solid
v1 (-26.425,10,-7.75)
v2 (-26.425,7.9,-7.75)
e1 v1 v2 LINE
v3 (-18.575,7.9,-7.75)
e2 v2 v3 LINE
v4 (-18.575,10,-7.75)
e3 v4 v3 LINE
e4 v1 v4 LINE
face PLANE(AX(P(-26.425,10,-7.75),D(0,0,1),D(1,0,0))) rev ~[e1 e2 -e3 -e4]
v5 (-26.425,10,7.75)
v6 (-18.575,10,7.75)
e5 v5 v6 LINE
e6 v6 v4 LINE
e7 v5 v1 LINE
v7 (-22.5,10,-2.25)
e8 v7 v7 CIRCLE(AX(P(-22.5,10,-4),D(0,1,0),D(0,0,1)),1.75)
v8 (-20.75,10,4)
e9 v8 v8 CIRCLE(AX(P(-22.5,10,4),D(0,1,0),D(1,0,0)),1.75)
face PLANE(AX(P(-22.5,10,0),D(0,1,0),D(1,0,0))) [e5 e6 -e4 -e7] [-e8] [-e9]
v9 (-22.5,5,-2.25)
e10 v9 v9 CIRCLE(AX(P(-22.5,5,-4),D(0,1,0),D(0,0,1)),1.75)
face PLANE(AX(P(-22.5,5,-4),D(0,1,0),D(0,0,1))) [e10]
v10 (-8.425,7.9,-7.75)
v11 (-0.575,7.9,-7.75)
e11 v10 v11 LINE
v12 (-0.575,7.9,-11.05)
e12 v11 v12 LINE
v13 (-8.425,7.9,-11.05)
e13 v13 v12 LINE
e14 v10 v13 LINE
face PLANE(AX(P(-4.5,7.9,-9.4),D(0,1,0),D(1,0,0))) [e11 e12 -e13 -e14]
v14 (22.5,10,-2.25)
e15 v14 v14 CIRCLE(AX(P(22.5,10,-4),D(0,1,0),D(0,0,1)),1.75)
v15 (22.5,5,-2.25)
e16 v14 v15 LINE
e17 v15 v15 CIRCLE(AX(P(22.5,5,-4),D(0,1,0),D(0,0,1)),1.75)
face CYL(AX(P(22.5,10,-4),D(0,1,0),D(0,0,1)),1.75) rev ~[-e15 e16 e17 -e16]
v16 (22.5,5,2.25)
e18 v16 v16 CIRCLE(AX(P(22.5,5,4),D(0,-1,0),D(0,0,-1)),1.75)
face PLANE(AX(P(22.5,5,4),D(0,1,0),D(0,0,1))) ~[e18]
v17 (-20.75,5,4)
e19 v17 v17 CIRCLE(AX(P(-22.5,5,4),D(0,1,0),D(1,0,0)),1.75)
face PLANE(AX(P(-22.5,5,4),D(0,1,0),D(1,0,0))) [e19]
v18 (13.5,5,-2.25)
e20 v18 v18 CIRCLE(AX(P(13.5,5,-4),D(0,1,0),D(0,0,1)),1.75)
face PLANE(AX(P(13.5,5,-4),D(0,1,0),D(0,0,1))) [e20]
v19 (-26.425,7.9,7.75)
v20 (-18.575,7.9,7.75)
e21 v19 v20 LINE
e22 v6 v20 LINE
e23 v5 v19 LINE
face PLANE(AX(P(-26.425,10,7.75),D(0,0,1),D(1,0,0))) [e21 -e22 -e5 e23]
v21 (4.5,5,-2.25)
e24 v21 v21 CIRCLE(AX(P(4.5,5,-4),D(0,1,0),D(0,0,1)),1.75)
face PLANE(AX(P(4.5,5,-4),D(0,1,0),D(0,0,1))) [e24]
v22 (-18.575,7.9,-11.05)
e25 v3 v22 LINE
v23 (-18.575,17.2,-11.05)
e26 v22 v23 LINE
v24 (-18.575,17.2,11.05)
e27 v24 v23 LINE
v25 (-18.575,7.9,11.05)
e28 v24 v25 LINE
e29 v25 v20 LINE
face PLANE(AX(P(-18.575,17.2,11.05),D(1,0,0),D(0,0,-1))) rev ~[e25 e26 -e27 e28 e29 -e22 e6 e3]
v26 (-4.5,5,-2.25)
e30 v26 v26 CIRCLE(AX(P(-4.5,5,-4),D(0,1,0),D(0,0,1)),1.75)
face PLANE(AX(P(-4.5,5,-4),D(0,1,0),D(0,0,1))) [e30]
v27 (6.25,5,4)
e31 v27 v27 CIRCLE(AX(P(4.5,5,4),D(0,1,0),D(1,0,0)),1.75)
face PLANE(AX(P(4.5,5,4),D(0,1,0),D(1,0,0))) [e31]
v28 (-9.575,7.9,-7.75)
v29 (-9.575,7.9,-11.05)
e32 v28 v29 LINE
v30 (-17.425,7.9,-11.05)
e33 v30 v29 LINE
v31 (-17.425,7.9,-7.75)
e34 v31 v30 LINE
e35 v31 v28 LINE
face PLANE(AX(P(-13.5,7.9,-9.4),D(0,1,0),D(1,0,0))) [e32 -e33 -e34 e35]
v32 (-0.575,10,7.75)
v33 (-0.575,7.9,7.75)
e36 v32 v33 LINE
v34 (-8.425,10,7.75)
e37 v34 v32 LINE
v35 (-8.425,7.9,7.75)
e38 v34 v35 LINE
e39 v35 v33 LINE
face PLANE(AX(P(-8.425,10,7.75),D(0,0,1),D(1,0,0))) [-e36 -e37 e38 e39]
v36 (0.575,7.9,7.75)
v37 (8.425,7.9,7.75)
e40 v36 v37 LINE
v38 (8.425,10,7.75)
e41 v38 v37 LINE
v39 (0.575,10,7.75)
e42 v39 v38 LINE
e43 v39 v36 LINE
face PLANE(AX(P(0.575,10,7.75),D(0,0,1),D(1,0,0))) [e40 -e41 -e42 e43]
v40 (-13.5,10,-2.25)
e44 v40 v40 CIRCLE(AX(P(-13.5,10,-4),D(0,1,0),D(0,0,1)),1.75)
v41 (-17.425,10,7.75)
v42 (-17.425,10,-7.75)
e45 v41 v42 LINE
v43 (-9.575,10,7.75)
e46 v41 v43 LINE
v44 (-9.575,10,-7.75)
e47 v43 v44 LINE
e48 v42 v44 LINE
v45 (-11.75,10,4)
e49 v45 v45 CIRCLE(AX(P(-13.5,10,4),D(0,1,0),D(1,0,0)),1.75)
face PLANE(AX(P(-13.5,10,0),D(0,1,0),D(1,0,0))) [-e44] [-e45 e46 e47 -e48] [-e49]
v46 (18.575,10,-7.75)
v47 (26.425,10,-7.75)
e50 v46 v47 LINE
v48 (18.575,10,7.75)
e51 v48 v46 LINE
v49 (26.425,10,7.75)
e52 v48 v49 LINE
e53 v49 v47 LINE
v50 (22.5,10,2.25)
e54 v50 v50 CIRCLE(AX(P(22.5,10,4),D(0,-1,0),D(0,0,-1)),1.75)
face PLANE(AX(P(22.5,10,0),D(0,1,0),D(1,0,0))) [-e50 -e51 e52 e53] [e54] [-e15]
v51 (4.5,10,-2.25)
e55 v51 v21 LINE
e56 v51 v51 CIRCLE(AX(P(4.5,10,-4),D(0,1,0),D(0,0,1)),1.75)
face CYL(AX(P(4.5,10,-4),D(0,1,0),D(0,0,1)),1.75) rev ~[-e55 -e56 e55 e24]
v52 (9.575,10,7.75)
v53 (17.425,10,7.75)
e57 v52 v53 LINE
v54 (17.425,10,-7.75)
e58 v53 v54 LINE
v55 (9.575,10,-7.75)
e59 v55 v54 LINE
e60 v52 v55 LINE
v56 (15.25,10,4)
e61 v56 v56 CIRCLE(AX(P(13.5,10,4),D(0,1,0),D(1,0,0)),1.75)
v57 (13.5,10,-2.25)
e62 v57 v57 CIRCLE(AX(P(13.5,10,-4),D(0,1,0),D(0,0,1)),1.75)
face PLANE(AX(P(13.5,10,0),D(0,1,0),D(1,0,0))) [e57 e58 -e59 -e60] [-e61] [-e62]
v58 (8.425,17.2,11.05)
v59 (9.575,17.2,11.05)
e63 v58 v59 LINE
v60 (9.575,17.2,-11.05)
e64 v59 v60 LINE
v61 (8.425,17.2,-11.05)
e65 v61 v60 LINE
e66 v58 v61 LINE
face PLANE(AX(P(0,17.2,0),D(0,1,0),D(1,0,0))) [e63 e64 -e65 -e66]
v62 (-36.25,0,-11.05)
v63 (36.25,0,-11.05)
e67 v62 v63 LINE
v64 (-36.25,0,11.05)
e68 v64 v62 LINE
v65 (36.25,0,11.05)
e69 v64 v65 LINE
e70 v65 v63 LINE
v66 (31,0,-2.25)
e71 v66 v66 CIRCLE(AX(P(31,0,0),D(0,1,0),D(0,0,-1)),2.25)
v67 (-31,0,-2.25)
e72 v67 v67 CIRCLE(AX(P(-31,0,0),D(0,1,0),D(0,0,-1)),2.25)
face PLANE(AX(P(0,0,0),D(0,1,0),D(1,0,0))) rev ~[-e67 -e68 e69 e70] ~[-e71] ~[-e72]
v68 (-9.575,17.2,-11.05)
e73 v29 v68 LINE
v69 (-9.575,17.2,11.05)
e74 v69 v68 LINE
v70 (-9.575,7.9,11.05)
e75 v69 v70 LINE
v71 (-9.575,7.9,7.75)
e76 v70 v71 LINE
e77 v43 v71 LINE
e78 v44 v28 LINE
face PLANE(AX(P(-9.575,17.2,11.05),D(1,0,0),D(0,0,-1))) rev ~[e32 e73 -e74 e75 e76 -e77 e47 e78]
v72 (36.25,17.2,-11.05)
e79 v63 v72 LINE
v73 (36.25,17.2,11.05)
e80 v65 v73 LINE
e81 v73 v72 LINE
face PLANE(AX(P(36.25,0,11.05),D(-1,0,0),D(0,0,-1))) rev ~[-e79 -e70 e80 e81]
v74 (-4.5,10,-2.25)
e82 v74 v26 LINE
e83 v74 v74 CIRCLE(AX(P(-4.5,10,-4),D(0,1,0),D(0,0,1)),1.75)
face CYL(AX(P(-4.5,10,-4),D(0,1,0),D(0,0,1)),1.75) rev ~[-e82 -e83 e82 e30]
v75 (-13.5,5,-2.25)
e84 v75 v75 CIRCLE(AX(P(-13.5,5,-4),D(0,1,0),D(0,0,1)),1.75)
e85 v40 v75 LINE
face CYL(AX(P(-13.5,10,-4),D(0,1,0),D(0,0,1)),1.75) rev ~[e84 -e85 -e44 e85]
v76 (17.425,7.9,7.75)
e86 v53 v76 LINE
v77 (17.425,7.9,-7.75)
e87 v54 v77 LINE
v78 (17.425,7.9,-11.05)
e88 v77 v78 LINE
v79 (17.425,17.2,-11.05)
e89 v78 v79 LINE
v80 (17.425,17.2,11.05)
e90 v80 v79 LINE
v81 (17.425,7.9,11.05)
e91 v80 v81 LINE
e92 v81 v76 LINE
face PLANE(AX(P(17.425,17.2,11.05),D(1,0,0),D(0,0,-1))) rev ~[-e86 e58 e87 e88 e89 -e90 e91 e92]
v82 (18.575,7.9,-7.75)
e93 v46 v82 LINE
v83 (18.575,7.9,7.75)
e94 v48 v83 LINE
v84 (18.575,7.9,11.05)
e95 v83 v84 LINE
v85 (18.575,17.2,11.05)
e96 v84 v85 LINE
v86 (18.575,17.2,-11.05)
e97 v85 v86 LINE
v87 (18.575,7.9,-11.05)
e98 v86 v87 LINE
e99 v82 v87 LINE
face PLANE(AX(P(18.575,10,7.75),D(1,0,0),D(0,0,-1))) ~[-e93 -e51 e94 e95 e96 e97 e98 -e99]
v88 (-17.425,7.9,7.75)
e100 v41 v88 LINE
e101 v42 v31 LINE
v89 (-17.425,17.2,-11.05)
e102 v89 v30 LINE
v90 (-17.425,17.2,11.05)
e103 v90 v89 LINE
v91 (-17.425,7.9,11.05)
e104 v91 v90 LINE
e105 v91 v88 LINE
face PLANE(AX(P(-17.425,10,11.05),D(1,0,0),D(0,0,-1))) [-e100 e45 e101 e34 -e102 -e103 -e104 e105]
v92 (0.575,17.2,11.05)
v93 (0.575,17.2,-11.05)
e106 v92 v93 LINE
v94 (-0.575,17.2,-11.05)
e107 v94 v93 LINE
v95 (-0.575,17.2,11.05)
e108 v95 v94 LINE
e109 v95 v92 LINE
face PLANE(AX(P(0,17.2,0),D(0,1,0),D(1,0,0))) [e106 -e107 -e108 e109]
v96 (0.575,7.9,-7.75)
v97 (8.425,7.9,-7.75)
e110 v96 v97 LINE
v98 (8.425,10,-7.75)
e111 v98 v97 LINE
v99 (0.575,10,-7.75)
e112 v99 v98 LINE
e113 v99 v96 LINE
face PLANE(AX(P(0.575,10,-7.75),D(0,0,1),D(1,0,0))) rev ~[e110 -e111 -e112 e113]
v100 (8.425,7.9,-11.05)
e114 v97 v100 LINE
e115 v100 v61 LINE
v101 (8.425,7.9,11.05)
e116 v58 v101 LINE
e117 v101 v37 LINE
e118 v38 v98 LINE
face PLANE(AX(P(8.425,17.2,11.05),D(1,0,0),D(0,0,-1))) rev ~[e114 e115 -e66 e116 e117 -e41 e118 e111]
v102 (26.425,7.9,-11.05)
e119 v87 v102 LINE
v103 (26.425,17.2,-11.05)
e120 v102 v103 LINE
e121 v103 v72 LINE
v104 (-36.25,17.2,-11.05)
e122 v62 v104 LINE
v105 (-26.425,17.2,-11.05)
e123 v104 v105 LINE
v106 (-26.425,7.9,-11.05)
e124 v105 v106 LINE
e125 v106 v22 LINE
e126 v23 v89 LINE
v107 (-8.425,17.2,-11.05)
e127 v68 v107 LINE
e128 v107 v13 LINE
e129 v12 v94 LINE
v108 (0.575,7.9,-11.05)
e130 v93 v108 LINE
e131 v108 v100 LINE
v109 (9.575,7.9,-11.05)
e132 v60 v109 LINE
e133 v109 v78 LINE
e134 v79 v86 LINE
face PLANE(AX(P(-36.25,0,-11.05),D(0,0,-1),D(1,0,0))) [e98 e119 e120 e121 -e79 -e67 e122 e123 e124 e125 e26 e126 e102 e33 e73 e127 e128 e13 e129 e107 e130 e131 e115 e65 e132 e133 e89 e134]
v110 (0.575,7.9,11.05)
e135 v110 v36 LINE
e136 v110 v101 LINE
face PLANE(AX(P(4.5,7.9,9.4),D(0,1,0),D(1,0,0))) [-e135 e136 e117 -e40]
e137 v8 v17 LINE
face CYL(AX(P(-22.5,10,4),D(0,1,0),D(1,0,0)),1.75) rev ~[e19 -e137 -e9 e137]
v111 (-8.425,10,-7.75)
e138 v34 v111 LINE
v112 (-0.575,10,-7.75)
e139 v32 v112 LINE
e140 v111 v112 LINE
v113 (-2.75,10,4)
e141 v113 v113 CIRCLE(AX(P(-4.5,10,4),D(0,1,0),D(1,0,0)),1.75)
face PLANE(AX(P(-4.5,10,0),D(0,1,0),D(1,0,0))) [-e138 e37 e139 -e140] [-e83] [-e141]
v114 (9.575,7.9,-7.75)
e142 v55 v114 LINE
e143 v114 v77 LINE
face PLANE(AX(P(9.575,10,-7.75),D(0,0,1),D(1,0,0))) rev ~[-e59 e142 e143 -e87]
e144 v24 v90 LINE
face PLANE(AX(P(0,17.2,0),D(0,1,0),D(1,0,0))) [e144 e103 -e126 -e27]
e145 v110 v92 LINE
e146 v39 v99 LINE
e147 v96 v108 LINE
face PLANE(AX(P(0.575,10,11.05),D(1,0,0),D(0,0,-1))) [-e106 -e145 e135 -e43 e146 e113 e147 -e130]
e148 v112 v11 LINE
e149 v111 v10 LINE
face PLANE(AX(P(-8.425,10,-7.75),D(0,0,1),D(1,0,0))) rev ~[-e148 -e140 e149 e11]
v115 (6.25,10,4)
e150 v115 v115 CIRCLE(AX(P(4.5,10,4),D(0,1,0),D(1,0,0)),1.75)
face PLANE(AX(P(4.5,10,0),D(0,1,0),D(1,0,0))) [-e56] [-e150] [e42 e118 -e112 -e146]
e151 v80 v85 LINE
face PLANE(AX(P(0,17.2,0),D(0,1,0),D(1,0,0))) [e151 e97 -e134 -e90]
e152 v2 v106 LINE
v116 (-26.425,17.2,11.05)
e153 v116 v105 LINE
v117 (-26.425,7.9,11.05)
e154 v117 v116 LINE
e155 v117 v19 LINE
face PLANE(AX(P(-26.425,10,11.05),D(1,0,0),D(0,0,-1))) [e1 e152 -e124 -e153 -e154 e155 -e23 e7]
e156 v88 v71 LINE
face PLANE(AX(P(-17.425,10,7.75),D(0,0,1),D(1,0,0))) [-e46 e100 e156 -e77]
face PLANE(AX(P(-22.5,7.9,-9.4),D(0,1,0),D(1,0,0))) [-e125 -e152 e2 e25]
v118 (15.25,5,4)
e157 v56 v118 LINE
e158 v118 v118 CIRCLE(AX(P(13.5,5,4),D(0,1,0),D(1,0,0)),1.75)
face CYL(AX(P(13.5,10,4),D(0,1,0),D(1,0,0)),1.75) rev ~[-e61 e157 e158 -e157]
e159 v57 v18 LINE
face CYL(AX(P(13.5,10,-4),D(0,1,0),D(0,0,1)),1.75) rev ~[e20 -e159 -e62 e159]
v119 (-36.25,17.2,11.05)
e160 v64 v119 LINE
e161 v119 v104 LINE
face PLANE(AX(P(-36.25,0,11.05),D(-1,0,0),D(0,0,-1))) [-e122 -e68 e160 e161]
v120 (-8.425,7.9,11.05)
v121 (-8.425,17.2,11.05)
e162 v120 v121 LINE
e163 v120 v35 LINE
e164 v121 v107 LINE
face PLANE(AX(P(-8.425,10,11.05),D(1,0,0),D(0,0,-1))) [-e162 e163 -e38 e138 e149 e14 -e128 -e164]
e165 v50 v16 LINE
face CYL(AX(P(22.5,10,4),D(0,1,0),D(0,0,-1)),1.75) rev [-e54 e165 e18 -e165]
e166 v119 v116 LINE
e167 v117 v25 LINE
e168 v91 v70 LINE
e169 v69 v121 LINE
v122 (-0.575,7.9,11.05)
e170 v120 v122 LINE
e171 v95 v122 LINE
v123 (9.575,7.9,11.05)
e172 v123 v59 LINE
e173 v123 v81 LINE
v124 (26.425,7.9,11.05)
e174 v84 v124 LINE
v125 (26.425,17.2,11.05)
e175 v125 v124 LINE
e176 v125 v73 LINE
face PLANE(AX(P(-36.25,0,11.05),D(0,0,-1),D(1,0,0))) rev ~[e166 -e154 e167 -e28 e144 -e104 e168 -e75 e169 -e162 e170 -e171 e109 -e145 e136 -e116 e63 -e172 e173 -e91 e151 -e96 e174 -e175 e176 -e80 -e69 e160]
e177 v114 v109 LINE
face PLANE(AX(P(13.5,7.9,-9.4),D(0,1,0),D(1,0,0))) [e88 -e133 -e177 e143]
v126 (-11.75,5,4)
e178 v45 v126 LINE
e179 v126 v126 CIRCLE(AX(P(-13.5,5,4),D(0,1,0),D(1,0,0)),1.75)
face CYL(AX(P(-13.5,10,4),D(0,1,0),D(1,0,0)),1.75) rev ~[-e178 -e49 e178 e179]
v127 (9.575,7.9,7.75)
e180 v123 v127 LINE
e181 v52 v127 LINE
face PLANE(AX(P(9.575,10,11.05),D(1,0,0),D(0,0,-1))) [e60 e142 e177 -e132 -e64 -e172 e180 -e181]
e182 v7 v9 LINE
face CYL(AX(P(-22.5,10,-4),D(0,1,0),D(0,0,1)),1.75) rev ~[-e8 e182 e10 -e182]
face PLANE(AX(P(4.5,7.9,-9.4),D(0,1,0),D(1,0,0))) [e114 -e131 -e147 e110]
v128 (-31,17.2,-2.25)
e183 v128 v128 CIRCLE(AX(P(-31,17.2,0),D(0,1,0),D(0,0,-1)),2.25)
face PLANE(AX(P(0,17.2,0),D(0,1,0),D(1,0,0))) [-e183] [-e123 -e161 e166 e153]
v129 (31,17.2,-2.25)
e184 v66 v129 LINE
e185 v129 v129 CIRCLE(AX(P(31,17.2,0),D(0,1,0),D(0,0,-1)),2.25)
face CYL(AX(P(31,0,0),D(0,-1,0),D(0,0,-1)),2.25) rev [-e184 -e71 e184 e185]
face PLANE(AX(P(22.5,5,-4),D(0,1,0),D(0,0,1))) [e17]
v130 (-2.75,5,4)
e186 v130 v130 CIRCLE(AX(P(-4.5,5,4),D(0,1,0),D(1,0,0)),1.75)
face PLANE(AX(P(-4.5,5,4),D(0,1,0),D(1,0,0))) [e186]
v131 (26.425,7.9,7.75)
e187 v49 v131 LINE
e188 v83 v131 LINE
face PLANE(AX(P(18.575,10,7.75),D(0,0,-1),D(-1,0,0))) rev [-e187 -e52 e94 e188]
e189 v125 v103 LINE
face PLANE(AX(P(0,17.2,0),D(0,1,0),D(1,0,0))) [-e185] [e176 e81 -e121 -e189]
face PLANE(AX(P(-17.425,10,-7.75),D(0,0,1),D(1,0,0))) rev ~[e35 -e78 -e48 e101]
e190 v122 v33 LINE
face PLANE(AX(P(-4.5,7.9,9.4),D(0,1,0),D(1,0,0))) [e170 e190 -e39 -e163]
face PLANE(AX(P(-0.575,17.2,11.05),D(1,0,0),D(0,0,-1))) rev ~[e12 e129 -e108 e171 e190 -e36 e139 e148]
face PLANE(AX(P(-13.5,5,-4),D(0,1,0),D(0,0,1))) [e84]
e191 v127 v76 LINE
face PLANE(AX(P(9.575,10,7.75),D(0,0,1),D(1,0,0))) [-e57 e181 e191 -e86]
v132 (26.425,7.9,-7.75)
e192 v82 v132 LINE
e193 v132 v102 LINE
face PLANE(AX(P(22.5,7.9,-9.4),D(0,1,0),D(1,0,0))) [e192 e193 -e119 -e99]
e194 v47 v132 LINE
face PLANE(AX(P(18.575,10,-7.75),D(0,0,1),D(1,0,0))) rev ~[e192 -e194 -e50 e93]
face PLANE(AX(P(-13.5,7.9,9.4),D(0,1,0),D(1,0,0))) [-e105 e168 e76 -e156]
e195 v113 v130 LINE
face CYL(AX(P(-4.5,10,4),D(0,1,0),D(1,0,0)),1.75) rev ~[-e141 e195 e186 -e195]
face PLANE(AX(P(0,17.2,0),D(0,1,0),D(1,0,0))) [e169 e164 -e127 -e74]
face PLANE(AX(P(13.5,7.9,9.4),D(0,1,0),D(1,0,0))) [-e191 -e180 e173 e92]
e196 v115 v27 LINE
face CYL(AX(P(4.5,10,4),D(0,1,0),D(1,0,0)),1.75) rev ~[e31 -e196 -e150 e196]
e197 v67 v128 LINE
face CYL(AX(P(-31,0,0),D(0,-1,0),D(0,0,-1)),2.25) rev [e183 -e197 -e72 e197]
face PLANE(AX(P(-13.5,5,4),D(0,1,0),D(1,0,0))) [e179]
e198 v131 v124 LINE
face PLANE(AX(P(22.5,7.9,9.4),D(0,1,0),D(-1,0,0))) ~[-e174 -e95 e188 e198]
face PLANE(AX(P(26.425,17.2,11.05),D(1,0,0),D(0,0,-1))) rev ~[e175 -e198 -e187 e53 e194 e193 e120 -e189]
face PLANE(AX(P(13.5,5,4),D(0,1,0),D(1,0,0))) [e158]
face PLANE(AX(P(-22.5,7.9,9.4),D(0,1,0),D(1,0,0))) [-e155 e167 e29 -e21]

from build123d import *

# Parameters (mm, degrees)
SKETCH_1_W                        = 72.5
SKETCH_1_H                        = 22.1
SKETCH_1_R                        = 2.25
EXTRUDE_1_DEPTH                   = 17.2
SKETCH_2_W                        = 7.85
SKETCH_2_H                        = 22.1
CUT_EXTRUDE_1_DEPTH               = 7.2
SKETCH_3_W                        = 7.85
SKETCH_3_H                        = 3.3
CUT_EXTRUDE_2_DEPTH               = 2.1
SKETCH_4_R                        = 1.75
CUT_EXTRUDE_3_DEPTH               = 5
PATTERN_LINEAR_1_COUNT            = 6
PATTERN_LINEAR_1_PITCH            = 9
PATTERN_LINEAR_1_COPY_1_SKETCH_W  = 7.85
PATTERN_LINEAR_1_COPY_1_SKETCH_H  = 3.3
PATTERN_LINEAR_1_COPY_1_DEPTH     = 2.1
PATTERN_LINEAR_1_COPY_2_SKETCH_W  = 7.85
PATTERN_LINEAR_1_COPY_2_SKETCH_H  = 3.3
PATTERN_LINEAR_1_COPY_2_DEPTH     = 2.1
PATTERN_LINEAR_1_COPY_3_SKETCH_W  = 7.85
PATTERN_LINEAR_1_COPY_3_SKETCH_H  = 3.3
PATTERN_LINEAR_1_COPY_3_DEPTH     = 2.1
PATTERN_LINEAR_1_COPY_4_SKETCH_W  = 7.85
PATTERN_LINEAR_1_COPY_4_SKETCH_H  = 3.3
PATTERN_LINEAR_1_COPY_4_DEPTH     = 2.1
PATTERN_LINEAR_1_COPY_5_SKETCH_W  = 7.85
PATTERN_LINEAR_1_COPY_5_SKETCH_H  = 3.3
PATTERN_LINEAR_1_COPY_5_DEPTH     = 2.1
PATTERN_LINEAR_1_COPY_6_SKETCH_R  = 1.75
PATTERN_LINEAR_1_COPY_6_DEPTH     = 5
PATTERN_LINEAR_1_COPY_7_SKETCH_R  = 1.75
PATTERN_LINEAR_1_COPY_7_DEPTH     = 5
PATTERN_LINEAR_1_COPY_8_SKETCH_R  = 1.75
PATTERN_LINEAR_1_COPY_8_DEPTH     = 5
PATTERN_LINEAR_1_COPY_9_SKETCH_R  = 1.75
PATTERN_LINEAR_1_COPY_9_DEPTH     = 5
PATTERN_LINEAR_1_COPY_10_SKETCH_R = 1.75
PATTERN_LINEAR_1_COPY_10_DEPTH    = 5


with BuildPart() as part:
    # Sketch 1 → Extrude 1 (new body)
    with BuildSketch(Plane(origin=(0, 0, 0), x_dir=(1, 0, 0), z_dir=(0, 1, 0))):
        Rectangle(SKETCH_1_W, SKETCH_1_H)
        with Locations(Location((31, 0, 0), (0, 0, 90))):
            Circle(SKETCH_1_R, mode=Mode.SUBTRACT)
        with Locations(Location((-31, 0, 0), (0, 0, 90))):
            Circle(SKETCH_1_R, mode=Mode.SUBTRACT)
    extrude(amount=EXTRUDE_1_DEPTH)

    # Sketch 2 → Cut-Extrude 1 (cut)
    with BuildSketch(Plane(origin=(0, 17.2, 0), x_dir=(1, 0, 0), z_dir=(0, 1, 0))):
        with Locations((22.5, 0)):
            Rectangle(SKETCH_2_W, SKETCH_2_H)
    cut_extrude_1 = extrude(amount=-CUT_EXTRUDE_1_DEPTH, mode=Mode.SUBTRACT)

    # Sketch 3 → Cut-Extrude 2 (cut)
    with BuildSketch(Plane(origin=(0, 10, 0), x_dir=(1, 0, 0), z_dir=(0, 1, 0))):
        with Locations((22.5, 9.4)):
            Rectangle(SKETCH_3_W, SKETCH_3_H)
    cut_extrude_2 = extrude(amount=-CUT_EXTRUDE_2_DEPTH, mode=Mode.SUBTRACT)

    # Sketch 4 → Cut-Extrude 3 (cut)
    with BuildSketch(Plane(origin=(0, 10, 0), x_dir=(1, 0, 0), z_dir=(0, 1, 0))):
        with Locations(Location((22.5, 4, 0), (0, 0, 270))):
            Circle(SKETCH_4_R)
    cut_extrude_3 = extrude(amount=-CUT_EXTRUDE_3_DEPTH, mode=Mode.SUBTRACT)

    # Mirror 1: Cut-Extrude 2, Cut-Extrude 3 across plane
    add(cut_extrude_2.mirror(Plane.XY), mode=Mode.SUBTRACT)
    add(cut_extrude_3.mirror(Plane.XY), mode=Mode.SUBTRACT)

    # Pattern Linear 1: Cut-Extrude 1, Cut-Extrude 2, Cut-Extrude 3 ×6
    with Locations(*[(-i * PATTERN_LINEAR_1_PITCH, 0, 0) for i in range(1, PATTERN_LINEAR_1_COUNT)]):
        add(cut_extrude_1, mode=Mode.SUBTRACT)
        add(cut_extrude_2, mode=Mode.SUBTRACT)
        add(cut_extrude_3, mode=Mode.SUBTRACT)

    # Pattern Linear 1 copy 1 sketch → Pattern Linear 1 copy 1 (cut)
    with BuildSketch(Plane(origin=(-9, 10, 0), x_dir=(1, 0, 0), z_dir=(0, 1, 0))):
        with Locations((22.5, -9.4)):
            Rectangle(PATTERN_LINEAR_1_COPY_1_SKETCH_W, PATTERN_LINEAR_1_COPY_1_SKETCH_H)
    extrude(amount=-PATTERN_LINEAR_1_COPY_1_DEPTH, mode=Mode.SUBTRACT)

    # Pattern Linear 1 copy 2 sketch → Pattern Linear 1 copy 2 (cut)
    with BuildSketch(Plane(origin=(-18, 10, 0), x_dir=(1, 0, 0), z_dir=(0, 1, 0))):
        with Locations((22.5, -9.4)):
            Rectangle(PATTERN_LINEAR_1_COPY_2_SKETCH_W, PATTERN_LINEAR_1_COPY_2_SKETCH_H)
    extrude(amount=-PATTERN_LINEAR_1_COPY_2_DEPTH, mode=Mode.SUBTRACT)

    # Pattern Linear 1 copy 3 sketch → Pattern Linear 1 copy 3 (cut)
    with BuildSketch(Plane(origin=(-27, 10, 0), x_dir=(1, 0, 0), z_dir=(0, 1, 0))):
        with Locations((22.5, -9.4)):
            Rectangle(PATTERN_LINEAR_1_COPY_3_SKETCH_W, PATTERN_LINEAR_1_COPY_3_SKETCH_H)
    extrude(amount=-PATTERN_LINEAR_1_COPY_3_DEPTH, mode=Mode.SUBTRACT)

    # Pattern Linear 1 copy 4 sketch → Pattern Linear 1 copy 4 (cut)
    with BuildSketch(Plane(origin=(-36, 10, 0), x_dir=(1, 0, 0), z_dir=(0, 1, 0))):
        with Locations((22.5, -9.4)):
            Rectangle(PATTERN_LINEAR_1_COPY_4_SKETCH_W, PATTERN_LINEAR_1_COPY_4_SKETCH_H)
    extrude(amount=-PATTERN_LINEAR_1_COPY_4_DEPTH, mode=Mode.SUBTRACT)

    # Pattern Linear 1 copy 5 sketch → Pattern Linear 1 copy 5 (cut)
    with BuildSketch(Plane(origin=(-45, 10, 0), x_dir=(1, 0, 0), z_dir=(0, 1, 0))):
        with Locations((22.5, -9.4)):
            Rectangle(PATTERN_LINEAR_1_COPY_5_SKETCH_W, PATTERN_LINEAR_1_COPY_5_SKETCH_H)
    extrude(amount=-PATTERN_LINEAR_1_COPY_5_DEPTH, mode=Mode.SUBTRACT)

    # Pattern Linear 1 copy 6 sketch → Pattern Linear 1 copy 6 (cut)
    with BuildSketch(Plane(origin=(-9, 10, 0), x_dir=(1, 0, 0), z_dir=(0, 1, 0))):
        with Locations((22.5, -4)):
            Circle(PATTERN_LINEAR_1_COPY_6_SKETCH_R)
    extrude(amount=-PATTERN_LINEAR_1_COPY_6_DEPTH, mode=Mode.SUBTRACT)

    # Pattern Linear 1 copy 7 sketch → Pattern Linear 1 copy 7 (cut)
    with BuildSketch(Plane(origin=(-18, 10, 0), x_dir=(1, 0, 0), z_dir=(0, 1, 0))):
        with Locations((22.5, -4)):
            Circle(PATTERN_LINEAR_1_COPY_7_SKETCH_R)
    extrude(amount=-PATTERN_LINEAR_1_COPY_7_DEPTH, mode=Mode.SUBTRACT)

    # Pattern Linear 1 copy 8 sketch → Pattern Linear 1 copy 8 (cut)
    with BuildSketch(Plane(origin=(-27, 10, 0), x_dir=(1, 0, 0), z_dir=(0, 1, 0))):
        with Locations((22.5, -4)):
            Circle(PATTERN_LINEAR_1_COPY_8_SKETCH_R)
    extrude(amount=-PATTERN_LINEAR_1_COPY_8_DEPTH, mode=Mode.SUBTRACT)

    # Pattern Linear 1 copy 9 sketch → Pattern Linear 1 copy 9 (cut)
    with BuildSketch(Plane(origin=(-36, 10, 0), x_dir=(1, 0, 0), z_dir=(0, 1, 0))):
        with Locations((22.5, -4)):
            Circle(PATTERN_LINEAR_1_COPY_9_SKETCH_R)
    extrude(amount=-PATTERN_LINEAR_1_COPY_9_DEPTH, mode=Mode.SUBTRACT)

    # Pattern Linear 1 copy 10 sketch → Pattern Linear 1 copy 10 (cut)
    with BuildSketch(Plane(origin=(-45, 10, 0), x_dir=(1, 0, 0), z_dir=(0, 1, 0))):
        with Locations((22.5, -4)):
            Circle(PATTERN_LINEAR_1_COPY_10_SKETCH_R)
    extrude(amount=-PATTERN_LINEAR_1_COPY_10_DEPTH, mode=Mode.SUBTRACT)


solid = part.part
